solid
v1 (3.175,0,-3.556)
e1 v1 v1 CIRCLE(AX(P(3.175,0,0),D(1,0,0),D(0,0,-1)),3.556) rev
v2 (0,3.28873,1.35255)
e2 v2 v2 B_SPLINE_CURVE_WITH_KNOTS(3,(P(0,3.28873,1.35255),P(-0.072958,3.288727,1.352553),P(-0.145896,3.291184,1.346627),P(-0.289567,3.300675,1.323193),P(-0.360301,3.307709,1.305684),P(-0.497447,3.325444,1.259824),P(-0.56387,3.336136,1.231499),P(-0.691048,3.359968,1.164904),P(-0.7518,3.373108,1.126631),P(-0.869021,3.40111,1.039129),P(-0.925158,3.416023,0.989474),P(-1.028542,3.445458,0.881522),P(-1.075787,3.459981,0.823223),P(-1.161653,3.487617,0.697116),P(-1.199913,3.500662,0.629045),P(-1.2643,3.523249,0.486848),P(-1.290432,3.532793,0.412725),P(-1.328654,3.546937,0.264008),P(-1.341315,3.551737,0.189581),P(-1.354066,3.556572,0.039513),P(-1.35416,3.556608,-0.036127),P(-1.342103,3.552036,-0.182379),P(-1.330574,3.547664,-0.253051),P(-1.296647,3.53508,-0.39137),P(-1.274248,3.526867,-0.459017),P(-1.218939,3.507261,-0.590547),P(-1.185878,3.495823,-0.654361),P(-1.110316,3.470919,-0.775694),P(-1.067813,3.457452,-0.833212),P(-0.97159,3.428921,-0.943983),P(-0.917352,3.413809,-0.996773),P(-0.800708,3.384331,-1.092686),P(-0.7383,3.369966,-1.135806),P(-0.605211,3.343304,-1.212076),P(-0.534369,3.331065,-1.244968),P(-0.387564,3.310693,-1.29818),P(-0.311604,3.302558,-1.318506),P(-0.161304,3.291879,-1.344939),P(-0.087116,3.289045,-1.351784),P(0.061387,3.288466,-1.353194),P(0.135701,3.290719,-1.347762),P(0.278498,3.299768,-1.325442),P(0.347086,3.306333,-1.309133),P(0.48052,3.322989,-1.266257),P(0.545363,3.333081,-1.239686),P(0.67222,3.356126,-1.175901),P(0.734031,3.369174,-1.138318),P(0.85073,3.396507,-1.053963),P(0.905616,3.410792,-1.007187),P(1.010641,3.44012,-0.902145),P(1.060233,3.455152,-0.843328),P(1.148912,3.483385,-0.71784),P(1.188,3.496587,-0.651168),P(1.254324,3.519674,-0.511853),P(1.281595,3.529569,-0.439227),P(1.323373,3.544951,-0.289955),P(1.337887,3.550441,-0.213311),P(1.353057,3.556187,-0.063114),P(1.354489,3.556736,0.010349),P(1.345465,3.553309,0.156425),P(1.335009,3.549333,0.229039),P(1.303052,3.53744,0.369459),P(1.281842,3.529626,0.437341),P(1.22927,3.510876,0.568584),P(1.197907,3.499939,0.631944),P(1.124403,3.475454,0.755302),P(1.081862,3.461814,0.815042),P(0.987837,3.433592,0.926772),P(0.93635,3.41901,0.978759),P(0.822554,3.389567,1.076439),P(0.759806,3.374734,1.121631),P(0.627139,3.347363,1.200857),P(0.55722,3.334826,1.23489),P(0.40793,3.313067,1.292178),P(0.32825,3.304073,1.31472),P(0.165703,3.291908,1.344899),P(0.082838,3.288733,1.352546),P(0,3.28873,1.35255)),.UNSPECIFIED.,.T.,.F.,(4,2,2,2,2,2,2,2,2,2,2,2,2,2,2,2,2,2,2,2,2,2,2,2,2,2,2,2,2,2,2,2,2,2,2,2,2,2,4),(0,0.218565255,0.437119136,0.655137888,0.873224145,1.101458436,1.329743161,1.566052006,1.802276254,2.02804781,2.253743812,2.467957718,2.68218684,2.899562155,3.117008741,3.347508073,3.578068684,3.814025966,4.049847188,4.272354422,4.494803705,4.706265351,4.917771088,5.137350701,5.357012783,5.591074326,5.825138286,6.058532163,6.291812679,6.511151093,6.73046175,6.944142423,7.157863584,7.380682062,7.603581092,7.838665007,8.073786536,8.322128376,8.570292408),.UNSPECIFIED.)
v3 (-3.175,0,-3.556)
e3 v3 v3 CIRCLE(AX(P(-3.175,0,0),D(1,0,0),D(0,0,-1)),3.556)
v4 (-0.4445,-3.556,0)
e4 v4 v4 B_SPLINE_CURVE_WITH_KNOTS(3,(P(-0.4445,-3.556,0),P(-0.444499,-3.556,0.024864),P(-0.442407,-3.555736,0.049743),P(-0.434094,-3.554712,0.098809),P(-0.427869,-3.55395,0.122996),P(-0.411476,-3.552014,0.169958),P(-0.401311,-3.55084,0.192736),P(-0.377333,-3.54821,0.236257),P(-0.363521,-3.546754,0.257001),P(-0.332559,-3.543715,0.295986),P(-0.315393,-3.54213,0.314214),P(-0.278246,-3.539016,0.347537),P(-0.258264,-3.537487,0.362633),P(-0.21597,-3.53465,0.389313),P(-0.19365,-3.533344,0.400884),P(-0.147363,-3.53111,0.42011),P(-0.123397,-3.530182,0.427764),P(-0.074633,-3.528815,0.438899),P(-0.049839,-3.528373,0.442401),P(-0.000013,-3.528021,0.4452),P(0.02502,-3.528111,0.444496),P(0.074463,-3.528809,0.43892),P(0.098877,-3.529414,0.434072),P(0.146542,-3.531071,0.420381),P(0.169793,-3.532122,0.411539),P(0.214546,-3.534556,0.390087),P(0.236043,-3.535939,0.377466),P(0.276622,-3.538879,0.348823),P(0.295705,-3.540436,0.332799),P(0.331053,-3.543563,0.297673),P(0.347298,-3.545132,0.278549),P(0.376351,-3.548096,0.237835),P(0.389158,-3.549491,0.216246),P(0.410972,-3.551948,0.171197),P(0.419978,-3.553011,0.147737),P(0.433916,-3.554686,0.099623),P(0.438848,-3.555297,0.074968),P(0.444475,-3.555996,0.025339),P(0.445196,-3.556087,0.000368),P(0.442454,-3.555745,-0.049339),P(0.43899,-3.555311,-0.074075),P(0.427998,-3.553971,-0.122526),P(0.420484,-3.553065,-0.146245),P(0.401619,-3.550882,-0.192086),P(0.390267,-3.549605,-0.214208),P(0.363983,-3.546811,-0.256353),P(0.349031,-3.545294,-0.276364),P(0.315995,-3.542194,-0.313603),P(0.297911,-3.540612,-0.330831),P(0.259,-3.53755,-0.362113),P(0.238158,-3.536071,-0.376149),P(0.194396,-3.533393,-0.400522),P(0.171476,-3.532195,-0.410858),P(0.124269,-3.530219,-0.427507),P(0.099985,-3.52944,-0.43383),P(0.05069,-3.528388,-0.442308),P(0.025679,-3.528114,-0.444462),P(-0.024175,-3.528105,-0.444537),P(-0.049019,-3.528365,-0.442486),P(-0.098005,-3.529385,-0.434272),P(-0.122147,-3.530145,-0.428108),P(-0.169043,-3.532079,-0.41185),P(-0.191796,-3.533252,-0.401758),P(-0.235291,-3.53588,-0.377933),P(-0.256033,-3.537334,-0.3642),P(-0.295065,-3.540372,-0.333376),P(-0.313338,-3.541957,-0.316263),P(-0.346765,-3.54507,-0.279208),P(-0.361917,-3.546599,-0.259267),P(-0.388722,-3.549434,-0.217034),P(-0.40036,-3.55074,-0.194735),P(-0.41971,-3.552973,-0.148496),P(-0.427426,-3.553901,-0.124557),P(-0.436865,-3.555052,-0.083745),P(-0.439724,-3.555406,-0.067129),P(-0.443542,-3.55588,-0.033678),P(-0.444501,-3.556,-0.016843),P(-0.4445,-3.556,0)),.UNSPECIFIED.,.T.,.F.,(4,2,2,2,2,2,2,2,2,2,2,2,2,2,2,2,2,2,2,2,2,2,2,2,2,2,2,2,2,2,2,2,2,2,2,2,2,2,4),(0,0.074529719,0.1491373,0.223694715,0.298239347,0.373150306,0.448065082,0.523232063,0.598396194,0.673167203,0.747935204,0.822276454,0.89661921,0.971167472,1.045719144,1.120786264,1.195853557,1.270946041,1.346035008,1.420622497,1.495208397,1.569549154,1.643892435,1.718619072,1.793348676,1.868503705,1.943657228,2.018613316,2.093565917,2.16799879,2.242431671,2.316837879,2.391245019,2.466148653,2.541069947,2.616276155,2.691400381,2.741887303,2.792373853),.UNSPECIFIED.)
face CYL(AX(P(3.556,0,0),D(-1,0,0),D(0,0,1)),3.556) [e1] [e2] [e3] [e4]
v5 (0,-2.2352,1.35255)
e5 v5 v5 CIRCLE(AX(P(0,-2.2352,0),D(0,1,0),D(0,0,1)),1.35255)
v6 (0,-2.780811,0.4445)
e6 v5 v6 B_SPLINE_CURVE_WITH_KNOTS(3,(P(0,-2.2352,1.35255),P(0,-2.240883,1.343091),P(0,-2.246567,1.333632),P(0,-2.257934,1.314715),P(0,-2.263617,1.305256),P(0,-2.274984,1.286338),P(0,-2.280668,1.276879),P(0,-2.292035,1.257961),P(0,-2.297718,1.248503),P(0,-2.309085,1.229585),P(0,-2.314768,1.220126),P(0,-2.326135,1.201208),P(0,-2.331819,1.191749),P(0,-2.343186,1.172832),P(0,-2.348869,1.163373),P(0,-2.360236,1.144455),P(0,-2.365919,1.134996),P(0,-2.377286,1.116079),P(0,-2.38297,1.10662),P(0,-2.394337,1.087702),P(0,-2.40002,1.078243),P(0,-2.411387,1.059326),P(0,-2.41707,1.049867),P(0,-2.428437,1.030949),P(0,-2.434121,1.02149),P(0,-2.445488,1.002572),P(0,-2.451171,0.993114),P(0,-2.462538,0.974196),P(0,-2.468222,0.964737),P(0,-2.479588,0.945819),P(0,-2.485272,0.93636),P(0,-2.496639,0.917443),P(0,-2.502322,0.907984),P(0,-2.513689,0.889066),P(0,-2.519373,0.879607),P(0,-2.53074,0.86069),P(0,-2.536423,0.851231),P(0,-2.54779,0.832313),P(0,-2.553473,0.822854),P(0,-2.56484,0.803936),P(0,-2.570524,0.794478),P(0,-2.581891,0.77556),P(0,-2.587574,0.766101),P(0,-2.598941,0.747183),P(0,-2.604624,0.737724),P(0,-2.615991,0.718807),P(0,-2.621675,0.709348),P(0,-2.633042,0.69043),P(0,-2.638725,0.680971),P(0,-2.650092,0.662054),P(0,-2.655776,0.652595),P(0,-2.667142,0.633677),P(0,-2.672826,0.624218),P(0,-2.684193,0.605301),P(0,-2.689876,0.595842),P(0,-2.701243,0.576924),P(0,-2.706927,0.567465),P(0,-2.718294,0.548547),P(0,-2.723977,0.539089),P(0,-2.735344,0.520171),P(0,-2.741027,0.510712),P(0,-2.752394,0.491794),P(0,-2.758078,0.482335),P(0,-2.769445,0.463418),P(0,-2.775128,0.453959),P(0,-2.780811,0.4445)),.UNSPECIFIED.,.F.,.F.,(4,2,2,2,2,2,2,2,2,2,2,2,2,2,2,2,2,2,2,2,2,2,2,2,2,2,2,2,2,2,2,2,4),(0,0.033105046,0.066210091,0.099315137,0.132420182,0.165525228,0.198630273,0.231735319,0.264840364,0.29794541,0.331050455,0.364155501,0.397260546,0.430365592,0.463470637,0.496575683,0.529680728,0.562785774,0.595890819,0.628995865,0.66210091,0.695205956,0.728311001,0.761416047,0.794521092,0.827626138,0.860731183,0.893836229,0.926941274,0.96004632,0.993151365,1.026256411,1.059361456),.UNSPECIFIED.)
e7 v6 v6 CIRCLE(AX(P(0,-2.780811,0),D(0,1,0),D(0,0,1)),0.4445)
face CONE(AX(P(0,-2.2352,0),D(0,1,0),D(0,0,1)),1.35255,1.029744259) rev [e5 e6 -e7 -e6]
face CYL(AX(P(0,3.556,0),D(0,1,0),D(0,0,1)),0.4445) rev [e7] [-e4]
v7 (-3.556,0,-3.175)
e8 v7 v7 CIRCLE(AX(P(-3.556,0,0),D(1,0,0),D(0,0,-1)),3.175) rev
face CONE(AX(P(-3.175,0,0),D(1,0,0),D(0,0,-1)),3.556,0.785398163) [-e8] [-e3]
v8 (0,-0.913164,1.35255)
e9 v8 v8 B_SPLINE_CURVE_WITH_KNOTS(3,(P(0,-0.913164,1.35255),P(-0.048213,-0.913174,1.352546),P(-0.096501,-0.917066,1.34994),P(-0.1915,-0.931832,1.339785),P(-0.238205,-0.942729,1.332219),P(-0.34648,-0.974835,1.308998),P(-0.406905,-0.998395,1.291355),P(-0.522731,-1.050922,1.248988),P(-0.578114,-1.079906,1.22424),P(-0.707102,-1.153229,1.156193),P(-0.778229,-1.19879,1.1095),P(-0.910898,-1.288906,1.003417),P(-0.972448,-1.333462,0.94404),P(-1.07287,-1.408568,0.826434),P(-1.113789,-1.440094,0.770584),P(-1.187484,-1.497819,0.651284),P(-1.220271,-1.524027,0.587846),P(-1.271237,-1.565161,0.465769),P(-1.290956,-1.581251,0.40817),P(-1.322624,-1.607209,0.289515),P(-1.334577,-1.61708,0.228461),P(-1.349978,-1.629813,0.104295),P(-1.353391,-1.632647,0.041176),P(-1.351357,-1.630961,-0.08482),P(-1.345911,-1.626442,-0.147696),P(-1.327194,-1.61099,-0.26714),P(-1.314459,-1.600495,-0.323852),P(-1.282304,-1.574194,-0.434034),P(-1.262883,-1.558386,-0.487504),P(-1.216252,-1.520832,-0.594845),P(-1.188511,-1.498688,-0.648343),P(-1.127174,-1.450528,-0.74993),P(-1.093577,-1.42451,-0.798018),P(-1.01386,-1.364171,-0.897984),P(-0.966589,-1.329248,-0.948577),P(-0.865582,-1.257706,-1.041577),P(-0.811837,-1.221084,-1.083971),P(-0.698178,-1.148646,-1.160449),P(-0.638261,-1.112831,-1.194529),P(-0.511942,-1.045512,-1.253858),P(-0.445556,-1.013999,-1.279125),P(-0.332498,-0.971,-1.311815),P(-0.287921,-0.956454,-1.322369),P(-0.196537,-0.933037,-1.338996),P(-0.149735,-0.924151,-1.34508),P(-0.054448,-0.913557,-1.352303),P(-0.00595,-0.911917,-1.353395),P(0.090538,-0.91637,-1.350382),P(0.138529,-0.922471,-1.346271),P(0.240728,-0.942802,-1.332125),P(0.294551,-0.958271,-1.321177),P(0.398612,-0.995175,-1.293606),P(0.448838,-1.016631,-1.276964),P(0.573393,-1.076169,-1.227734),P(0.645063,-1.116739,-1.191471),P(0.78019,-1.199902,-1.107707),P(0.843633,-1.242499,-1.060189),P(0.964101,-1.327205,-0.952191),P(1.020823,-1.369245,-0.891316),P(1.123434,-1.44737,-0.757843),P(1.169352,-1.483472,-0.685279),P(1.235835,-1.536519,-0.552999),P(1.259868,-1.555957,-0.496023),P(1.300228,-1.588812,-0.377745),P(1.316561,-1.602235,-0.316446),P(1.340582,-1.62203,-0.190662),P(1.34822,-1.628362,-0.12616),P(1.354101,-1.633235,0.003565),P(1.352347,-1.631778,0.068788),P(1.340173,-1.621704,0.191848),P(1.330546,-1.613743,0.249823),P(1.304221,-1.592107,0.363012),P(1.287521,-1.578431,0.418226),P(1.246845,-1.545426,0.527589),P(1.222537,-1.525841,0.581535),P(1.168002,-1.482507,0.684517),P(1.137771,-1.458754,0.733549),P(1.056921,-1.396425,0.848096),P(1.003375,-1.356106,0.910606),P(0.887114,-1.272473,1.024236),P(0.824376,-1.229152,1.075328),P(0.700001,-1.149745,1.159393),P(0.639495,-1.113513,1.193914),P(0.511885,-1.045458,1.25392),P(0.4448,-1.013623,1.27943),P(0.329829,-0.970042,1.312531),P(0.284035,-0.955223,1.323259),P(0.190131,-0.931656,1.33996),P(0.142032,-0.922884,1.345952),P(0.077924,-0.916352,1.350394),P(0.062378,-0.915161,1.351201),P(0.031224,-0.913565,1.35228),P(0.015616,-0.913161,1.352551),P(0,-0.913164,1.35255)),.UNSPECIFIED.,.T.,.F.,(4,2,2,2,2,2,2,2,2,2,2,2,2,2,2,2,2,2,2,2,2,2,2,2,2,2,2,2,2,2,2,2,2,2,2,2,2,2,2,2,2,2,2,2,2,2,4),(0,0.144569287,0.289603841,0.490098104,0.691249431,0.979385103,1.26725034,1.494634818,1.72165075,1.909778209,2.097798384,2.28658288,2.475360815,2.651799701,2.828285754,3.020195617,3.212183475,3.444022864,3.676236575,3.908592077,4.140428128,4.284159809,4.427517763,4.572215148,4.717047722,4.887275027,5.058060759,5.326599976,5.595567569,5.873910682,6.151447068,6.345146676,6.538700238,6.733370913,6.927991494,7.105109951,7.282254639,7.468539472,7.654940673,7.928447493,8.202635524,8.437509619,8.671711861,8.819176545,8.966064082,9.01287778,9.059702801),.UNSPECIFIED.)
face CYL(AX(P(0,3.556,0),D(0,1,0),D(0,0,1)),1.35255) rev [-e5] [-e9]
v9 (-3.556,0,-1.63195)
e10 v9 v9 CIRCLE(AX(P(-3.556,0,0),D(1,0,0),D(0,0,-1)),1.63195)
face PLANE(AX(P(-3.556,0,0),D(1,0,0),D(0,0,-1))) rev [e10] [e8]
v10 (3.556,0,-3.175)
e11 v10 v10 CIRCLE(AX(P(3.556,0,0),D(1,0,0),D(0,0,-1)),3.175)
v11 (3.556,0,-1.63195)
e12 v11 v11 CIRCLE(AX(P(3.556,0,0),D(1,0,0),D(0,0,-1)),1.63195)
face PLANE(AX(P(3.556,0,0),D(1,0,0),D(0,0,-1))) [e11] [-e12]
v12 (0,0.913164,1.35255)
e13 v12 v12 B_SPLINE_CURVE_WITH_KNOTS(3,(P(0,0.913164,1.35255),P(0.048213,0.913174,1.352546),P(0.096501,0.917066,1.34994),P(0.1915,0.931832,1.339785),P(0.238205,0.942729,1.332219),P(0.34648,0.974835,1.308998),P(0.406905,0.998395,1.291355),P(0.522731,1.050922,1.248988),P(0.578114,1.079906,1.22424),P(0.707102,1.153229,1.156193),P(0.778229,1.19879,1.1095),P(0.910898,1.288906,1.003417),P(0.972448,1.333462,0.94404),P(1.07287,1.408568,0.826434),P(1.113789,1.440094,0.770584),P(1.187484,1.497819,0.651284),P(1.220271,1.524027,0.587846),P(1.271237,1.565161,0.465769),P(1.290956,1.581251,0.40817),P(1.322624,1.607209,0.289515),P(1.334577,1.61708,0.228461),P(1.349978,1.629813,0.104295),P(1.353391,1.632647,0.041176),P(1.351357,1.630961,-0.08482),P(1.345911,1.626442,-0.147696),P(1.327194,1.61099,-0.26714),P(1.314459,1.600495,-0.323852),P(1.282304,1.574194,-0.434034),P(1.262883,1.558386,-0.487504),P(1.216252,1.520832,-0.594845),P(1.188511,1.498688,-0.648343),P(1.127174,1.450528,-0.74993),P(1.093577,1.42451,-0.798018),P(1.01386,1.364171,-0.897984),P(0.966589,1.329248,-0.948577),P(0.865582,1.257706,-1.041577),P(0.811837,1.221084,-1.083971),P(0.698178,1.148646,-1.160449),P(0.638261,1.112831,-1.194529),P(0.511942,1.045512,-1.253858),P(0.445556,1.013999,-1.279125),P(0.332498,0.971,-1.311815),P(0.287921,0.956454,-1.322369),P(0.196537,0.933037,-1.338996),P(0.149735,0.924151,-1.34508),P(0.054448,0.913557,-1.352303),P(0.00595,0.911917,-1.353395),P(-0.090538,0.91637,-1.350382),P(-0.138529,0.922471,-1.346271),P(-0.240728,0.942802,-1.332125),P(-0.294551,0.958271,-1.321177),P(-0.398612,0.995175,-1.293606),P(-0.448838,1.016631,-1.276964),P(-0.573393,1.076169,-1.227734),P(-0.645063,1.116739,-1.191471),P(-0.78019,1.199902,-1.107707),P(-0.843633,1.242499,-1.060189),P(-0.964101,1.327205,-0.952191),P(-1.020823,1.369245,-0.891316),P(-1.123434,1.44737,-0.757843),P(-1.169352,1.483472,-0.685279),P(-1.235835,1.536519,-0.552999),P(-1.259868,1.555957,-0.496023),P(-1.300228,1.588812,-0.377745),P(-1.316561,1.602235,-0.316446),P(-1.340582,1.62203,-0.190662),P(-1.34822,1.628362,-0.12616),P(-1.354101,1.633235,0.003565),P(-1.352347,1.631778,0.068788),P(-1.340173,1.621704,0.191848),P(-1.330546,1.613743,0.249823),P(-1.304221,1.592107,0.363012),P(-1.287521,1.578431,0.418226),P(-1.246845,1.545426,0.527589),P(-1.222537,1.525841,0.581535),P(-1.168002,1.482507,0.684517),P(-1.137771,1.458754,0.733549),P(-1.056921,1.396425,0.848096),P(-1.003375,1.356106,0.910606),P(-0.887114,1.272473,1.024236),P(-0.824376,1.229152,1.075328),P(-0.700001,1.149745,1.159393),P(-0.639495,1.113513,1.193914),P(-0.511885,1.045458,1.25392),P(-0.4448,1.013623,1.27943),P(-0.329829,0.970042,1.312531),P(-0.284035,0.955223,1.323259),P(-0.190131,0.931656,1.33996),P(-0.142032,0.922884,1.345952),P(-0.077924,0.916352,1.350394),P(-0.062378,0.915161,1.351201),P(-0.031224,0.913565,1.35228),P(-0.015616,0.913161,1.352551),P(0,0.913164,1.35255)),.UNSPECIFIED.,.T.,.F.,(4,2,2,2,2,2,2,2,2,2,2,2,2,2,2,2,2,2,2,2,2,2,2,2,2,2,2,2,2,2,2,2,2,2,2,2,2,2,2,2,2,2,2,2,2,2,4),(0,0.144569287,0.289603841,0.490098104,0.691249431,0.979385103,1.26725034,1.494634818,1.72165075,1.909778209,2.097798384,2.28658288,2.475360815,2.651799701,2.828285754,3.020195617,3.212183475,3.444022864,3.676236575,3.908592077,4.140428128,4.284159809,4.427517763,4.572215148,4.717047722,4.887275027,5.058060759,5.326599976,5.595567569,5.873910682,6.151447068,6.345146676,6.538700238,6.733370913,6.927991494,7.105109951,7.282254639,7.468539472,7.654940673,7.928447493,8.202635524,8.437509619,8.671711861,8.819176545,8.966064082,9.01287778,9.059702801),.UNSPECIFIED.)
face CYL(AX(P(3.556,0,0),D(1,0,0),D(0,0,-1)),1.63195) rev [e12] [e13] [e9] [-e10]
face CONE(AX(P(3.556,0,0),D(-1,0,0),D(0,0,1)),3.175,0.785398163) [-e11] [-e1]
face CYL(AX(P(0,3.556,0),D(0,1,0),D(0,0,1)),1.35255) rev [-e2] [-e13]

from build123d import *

# Parameters (mm, degrees)
SKETCH1_R                    = 3.556
BOSS_EXTRUDE1_DEPTH          = 3.556
F_30_0_1285_DIAMETER_HOLE1_D = 3.2639
CHAMFER2_SIZE                = 0.381
F_65_0_035_DIAMETER_HOLE2_D  = 0.889
F_6_32_TAPPED_HOLE1_D        = 2.7051
F_6_32_TAPPED_HOLE1_DEPTH    = 5.7912
F_6_32_TAPPED_HOLE1_TIP      = 0.81269403


with BuildPart() as part:
    # Sketch1 → Boss-Extrude1 (new, symmetric)
    with BuildSketch(Plane(origin=(0, 0, 0), x_dir=(0, 0, -1), z_dir=(1, 0, 0))):
        Circle(SKETCH1_R)
    extrude(amount=BOSS_EXTRUDE1_DEPTH, both=True)

    # #30 (0.1285) Diameter Hole1 (through all)
    with Locations(Plane(origin=(3.556, 0, 0), x_dir=(0, 0, -1), z_dir=(1, 0, 0))):
        with Locations((0, 0)):
            Hole(F_30_0_1285_DIAMETER_HOLE1_D / 2)

    # Chamfer2
    chamfer2_edges = [part.edges().sort_by_distance(p)[0] for p in [
        (-3.556, 0, 3.556),
        (3.556, 0, 3.556),
    ]]
    chamfer(chamfer2_edges, length=CHAMFER2_SIZE)

    # #65 (0.035) Diameter Hole2 (through all)
    with Locations(Plane(origin=(0, 3.556, 0), x_dir=(1, 0, 0), z_dir=(0, 1, 0))):
        with Locations((0, 0)):
            Hole(F_65_0_035_DIAMETER_HOLE2_D / 2)

    # #6-32 Tapped Hole1
    with Locations(Plane(origin=(0, 3.556, 0), x_dir=(1, 0, 0), z_dir=(0, 1, 0))):
        with Locations((0, 0)):
            Hole(F_6_32_TAPPED_HOLE1_D / 2, depth=F_6_32_TAPPED_HOLE1_DEPTH)
            with Locations((0, 0, -(F_6_32_TAPPED_HOLE1_DEPTH + F_6_32_TAPPED_HOLE1_TIP / 2))):  # 118° drill point
                Cone(0, F_6_32_TAPPED_HOLE1_D / 2, F_6_32_TAPPED_HOLE1_TIP, mode=Mode.SUBTRACT)


solid = part.part
